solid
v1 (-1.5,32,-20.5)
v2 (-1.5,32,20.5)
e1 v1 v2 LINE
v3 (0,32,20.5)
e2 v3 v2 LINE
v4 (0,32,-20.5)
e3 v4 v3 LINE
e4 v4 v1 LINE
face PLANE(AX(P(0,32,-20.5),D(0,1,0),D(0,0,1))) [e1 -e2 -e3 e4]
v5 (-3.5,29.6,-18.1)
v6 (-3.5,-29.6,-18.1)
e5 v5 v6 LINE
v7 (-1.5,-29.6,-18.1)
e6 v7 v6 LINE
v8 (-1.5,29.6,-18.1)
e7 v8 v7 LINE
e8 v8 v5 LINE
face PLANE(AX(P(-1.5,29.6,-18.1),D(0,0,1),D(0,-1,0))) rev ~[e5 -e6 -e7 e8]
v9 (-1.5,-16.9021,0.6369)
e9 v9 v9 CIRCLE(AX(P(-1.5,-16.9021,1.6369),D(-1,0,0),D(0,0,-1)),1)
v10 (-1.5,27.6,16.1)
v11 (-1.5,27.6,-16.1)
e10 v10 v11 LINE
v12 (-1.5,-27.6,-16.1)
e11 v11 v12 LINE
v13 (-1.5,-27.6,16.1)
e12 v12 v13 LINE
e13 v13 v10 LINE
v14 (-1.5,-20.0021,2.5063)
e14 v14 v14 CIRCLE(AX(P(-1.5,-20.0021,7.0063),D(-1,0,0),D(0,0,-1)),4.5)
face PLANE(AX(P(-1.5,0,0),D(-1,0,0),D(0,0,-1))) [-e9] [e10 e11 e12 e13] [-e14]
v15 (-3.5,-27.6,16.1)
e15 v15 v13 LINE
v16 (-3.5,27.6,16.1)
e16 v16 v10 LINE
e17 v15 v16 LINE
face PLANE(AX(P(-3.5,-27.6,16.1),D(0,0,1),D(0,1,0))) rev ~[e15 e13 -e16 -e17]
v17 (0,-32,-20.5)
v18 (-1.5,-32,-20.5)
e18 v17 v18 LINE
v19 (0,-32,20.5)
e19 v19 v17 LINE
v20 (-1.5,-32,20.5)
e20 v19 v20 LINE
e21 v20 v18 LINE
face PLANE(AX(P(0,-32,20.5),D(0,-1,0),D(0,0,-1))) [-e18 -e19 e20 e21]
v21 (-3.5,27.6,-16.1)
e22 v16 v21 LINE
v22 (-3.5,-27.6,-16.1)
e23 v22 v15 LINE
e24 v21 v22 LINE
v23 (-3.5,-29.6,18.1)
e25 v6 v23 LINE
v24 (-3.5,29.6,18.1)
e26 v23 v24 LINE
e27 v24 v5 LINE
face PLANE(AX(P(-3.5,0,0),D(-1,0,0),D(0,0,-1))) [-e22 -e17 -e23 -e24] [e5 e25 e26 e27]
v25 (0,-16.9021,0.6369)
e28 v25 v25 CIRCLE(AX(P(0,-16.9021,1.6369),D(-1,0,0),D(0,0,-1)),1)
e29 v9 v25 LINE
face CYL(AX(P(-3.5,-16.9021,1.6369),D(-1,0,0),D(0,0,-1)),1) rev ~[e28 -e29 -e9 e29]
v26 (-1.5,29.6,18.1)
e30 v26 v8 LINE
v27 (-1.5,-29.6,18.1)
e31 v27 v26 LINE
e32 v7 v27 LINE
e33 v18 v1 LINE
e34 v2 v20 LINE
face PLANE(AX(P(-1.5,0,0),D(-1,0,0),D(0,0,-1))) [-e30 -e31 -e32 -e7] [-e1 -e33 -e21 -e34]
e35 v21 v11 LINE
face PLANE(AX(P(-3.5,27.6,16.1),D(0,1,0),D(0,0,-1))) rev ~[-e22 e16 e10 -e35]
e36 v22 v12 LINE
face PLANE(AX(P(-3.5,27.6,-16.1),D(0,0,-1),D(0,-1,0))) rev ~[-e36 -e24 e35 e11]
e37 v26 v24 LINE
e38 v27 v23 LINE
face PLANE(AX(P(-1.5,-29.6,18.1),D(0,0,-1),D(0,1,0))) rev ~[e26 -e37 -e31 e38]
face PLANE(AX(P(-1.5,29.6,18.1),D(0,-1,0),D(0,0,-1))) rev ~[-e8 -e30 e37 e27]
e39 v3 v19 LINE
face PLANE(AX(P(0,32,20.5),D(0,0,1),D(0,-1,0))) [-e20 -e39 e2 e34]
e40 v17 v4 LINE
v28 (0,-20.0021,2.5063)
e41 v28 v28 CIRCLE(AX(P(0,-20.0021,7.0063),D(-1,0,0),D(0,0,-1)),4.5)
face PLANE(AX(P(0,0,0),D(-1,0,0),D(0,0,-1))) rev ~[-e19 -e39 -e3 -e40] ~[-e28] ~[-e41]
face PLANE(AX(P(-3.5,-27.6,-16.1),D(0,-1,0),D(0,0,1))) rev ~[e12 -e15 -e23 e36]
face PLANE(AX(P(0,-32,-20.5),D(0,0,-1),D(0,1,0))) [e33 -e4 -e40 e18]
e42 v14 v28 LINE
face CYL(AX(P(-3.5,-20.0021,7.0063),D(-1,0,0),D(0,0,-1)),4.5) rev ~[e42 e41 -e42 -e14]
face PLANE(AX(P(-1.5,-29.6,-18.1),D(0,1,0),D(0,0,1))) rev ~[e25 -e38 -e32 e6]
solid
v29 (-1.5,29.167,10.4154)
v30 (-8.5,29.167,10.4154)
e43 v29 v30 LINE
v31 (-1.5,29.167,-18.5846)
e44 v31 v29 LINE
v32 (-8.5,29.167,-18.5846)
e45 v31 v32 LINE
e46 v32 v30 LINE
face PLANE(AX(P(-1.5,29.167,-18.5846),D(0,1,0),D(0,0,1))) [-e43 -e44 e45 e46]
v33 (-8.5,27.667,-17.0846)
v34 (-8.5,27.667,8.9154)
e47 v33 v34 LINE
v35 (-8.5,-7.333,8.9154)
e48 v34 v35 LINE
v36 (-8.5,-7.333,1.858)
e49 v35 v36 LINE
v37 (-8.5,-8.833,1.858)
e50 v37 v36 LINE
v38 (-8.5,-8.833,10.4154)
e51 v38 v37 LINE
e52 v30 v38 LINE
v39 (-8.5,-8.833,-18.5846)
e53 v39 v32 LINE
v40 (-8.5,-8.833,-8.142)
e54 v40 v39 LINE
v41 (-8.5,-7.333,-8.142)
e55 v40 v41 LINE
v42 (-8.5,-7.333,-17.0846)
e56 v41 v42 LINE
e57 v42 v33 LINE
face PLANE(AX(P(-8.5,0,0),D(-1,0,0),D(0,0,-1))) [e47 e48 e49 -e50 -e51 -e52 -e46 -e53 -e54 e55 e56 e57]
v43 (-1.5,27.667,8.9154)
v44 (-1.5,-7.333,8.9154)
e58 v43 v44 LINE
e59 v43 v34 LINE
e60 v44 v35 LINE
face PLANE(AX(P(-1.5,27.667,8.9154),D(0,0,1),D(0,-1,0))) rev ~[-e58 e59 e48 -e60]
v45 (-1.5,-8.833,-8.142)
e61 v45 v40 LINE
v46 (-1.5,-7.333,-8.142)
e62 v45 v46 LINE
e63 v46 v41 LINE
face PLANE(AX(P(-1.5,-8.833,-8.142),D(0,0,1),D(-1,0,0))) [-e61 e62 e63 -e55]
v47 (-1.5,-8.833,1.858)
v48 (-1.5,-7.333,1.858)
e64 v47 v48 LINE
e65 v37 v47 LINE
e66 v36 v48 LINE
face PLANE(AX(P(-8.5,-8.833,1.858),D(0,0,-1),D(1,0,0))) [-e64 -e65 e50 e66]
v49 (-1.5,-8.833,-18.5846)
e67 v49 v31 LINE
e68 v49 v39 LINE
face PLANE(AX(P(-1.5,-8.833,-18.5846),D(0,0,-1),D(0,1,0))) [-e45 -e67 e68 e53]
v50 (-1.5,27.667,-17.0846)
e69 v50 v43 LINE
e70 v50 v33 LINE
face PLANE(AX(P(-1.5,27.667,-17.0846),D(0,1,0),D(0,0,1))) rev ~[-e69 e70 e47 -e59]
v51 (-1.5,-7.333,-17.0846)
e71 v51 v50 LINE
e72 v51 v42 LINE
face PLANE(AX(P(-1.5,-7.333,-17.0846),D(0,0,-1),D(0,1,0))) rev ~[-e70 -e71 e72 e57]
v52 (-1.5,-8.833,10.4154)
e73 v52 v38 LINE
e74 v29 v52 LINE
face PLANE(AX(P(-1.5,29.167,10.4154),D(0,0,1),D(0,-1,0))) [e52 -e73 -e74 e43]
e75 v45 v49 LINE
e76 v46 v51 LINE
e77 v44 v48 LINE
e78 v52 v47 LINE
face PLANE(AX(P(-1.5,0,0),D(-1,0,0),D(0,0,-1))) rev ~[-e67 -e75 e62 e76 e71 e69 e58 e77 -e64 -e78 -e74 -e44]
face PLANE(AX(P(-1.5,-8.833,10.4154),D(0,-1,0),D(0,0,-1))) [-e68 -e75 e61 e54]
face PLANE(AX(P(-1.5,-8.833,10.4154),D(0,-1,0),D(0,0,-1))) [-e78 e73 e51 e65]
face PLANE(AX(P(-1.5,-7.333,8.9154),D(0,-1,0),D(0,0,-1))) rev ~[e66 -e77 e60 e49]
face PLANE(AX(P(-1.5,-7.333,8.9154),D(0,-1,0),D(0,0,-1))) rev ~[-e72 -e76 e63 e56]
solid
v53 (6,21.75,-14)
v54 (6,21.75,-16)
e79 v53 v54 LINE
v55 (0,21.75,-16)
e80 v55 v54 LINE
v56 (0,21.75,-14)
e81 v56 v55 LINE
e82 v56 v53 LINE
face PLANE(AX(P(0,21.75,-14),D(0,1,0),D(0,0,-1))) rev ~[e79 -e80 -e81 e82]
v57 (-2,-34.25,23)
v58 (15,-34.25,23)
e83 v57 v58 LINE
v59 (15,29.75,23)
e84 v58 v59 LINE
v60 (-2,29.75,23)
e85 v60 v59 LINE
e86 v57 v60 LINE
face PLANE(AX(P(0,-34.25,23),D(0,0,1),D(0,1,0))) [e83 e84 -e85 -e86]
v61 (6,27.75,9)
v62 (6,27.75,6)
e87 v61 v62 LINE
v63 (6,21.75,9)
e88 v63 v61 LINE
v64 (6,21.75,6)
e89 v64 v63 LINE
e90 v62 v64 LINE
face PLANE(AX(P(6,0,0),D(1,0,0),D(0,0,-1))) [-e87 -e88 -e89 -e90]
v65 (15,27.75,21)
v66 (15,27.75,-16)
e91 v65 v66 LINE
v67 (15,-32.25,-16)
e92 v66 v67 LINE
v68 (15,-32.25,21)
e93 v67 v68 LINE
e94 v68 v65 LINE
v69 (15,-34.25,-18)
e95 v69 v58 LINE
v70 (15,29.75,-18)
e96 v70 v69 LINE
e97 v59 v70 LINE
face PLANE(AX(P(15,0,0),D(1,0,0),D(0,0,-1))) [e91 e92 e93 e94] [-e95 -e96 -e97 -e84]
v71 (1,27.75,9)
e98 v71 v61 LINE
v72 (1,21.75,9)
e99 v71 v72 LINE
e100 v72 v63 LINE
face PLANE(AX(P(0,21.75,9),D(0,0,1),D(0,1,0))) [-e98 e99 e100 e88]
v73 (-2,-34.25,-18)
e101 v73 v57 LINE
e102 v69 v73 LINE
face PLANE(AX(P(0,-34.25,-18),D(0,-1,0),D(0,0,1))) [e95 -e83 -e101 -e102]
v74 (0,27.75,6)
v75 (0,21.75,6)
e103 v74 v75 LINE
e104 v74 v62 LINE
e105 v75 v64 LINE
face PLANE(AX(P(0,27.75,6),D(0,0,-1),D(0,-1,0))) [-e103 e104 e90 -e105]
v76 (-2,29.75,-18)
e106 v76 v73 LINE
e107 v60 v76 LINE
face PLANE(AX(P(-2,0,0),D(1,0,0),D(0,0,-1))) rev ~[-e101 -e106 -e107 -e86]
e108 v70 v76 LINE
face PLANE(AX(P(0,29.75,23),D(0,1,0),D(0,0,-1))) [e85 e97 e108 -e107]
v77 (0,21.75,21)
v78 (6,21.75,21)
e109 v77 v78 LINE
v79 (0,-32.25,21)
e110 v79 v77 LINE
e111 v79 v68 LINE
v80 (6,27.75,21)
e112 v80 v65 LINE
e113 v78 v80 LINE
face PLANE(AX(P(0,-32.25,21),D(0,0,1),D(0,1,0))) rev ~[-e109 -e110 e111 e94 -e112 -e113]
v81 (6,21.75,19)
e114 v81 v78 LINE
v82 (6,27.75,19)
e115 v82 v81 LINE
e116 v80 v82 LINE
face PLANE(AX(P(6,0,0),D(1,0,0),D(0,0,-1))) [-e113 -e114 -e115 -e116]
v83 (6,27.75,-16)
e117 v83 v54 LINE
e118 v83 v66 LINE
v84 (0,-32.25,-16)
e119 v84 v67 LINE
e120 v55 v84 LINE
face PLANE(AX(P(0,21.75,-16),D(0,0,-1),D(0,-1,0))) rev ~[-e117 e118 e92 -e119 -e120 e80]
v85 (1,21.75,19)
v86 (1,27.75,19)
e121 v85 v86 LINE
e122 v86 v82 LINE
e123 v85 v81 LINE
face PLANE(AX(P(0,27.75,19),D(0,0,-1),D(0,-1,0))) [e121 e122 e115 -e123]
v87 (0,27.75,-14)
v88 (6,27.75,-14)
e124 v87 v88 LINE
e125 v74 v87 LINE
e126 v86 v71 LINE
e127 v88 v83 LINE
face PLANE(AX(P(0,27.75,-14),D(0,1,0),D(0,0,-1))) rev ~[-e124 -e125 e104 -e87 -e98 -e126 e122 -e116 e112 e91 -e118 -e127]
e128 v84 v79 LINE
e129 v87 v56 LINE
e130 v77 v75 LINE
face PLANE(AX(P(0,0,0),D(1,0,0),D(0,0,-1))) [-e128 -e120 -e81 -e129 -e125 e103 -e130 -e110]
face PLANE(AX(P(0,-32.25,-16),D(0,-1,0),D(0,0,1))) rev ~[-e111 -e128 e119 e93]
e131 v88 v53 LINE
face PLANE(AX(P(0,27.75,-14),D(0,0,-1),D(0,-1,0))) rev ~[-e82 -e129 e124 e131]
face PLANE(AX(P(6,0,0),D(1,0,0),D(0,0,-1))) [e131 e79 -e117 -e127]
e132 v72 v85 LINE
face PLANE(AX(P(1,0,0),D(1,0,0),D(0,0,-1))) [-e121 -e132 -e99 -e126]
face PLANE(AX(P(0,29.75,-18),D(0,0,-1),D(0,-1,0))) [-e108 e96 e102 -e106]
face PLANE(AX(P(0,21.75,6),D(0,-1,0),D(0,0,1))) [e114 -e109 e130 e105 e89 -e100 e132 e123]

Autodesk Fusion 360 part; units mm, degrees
sketch "Sketch1" plane through (0, 0, 0) normal (0, 0, 1) x (1, 0, 0) in component "D1 holder"
sketch "Sketch2" plane through (0, 0, 0) normal (1, 0, 0) x (0, 0, -1) in component "D1 holder"
  line L0 (-20.5, 32) -> (20.5, 32)
  line L1 (20.5, 32) -> (20.5, -32)
  line L2 (20.5, -32) -> (-20.5, -32)
  line L3 (-20.5, -32) -> (-20.5, 32)
  line L4 (-20.5, 32) -> (20.5, -32) construction
  line L5 (20.5, 32) -> (-20.5, -32) construction
  dimension "d27" = 41
  dimension "d28" = 64
extrude "Extrude1" add sketch "Sketch2" along normal blind 1.5 makes body 1 in component "D1 holder"
sketch "Sketch3" plane through (1.5, 0, 0) normal (1, 0, 0) x (0, 0, -1) in component "D1 holder"
  line L0 (-20.5, -32) -> (20.5, -32)
  line L1 (20.5, -32) -> (20.5, 32)
  line L2 (20.5, 32) -> (-20.5, 32)
  line L3 (-20.5, 32) -> (-20.5, -32)
  line L4 (-18.1, 29.6) -> (-18.1, -29.6)
  line L5 (-18.1, -29.6) -> (18.1, -29.6)
  line L6 (18.1, -29.6) -> (18.1, 29.6)
  line L7 (18.1, 29.6) -> (-18.1, 29.6)
  dimension "d31" = 2.4
extrude "Extrude2" add sketch "Sketch3" along normal blind 2 contours L4 L5 L6 L7 bodies 1 in component "D1 holder"
sketch "Sketch4" plane through (3.5, 0, 0) normal (1, 0, 0) x (0, 0, -1) in component "D1 holder"
  line L0 (18.1, 29.6) -> (-18.1, 29.6)
  line L1 (-18.1, 29.6) -> (-18.1, -29.6)
  line L2 (-18.1, -29.6) -> (18.1, -29.6)
  line L3 (18.1, -29.6) -> (18.1, 29.6)
  line L4 (-16.1, 27.6) -> (-16.1, -27.6)
  line L5 (-16.1, -27.6) -> (16.1, -27.6)
  line L6 (16.1, -27.6) -> (16.1, 27.6)
  line L7 (16.1, 27.6) -> (-16.1, 27.6)
  dimension "d34" = 2
extrude "Extrude3" cut sketch "Sketch4" against normal blind 2 contours L4 L5 L6 L7 bodies 1 in component "D1 holder"
sketch "Sketch8" plane through (1.5, 0, 0) normal (1, 0, 0) x (0, 0, -1) in component "D1 holder"
  line L0 (18.5846, -29.167) -> (-10.4154, -29.167)
  line L1 (-10.4154, -29.167) -> (-10.4154, 8.833)
  line L2 (-10.4154, 8.833) -> (18.5846, 8.833)
  line L3 (18.5846, 8.833) -> (18.5846, -29.167)
  line L4 (17.0846, -27.667) -> (-8.9154, -27.667)
  line L5 (-8.9154, -27.667) -> (-8.9154, 7.333)
  line L6 (-8.9154, 7.333) -> (17.0846, 7.333)
  line L7 (17.0846, 7.333) -> (17.0846, -27.667)
  dimension "d39" = 29
  dimension "d40" = 38
  dimension "d41" = 1.5
extrude "Extrude4" add sketch "Sketch8" along normal blind 7 separate body makes body 2 in component "D1 holder"
sketch "Sketch9" plane through (0, 8.833, 0) normal (0, 1, 0) x (-1, 0, 0) in component "D1 holder"
  line L0 (-1.5, -18.5846) -> (-1.5, 10.4154)
  line L1 (-1.5, 10.4154) -> (-8.5, 10.4154)
  line L2 (-8.5, 10.4154) -> (-8.5, -18.5846)
  line L3 (-8.5, -18.5846) -> (-1.5, -18.5846)
  line L4 (-1.5, -8.142) -> (-8.9091, -8.142)
  line L5 (-8.9091, -8.142) -> (-8.9091, 1.858)
  line L6 (-8.9091, 1.858) -> (-1.5, 1.858)
  line L7 (-1.5, 1.858) -> (-1.5, -8.142)
  dimension "d44" = 10
extrude "Extrude5" cut sketch "Sketch9" against normal blind 1.5 contours L0 L2 L4 L6 L7 bodies 2 in component "D1 holder"
sketch "sensor hole" plane through (3.5, 0, 0) normal (1, 0, 0) x (0, 0, -1) in component "D1 holder"
  circle A0 centre (-7.0063, 20.0021) radius 4.5
  dimension "d47" = 9
extrude "Extrude6" cut sketch "sensor hole" against normal blind 26 bodies 1 in component "D1 holder"
sketch "screw hole" plane through (3.5, 0, 0) normal (1, 0, 0) x (0, 0, -1) in component "D1 holder"
  line L0 (-7.0063, 20.0021) -> (-1.6369, 16.9021)
  line L1 (-7.0063, 20.0021) -> (-1.0063, 20.0021) construction
  circle A0 centre (-1.6369, 16.9021) radius 1
  point P0 (-7.0063, 20.0021)
  dimension "d130" = 30
  dimension "d131" = 6.2
  dimension "d132" = 2
extrude "Extrude7" cut sketch "screw hole" against normal blind 4 bodies 1 in component "D1 holder"
sketch "Sketch6" plane through (0, 0, 0) normal (1, 0, 0) x (0, 0, -1) in component "BL-5C Battery box"
  line L0 (-23, 29.75) -> (18, 29.75)
  line L1 (18, 29.75) -> (18, -34.25)
  line L2 (18, -34.25) -> (-23, -34.25)
  line L3 (-23, -34.25) -> (-23, 29.75)
  point P0 (-23, 29.75)
  dimension "d107" = 41
  dimension "d108" = 64
extrude "Extrude5'" add sketch "Sketch6" against normal blind 2 separate body makes body 3 in component "BL-5C Battery box"
sketch "Sketch7" plane through (0, 0, 0) normal (1, 0, 0) x (0, 0, -1) in component "BL-5C Battery box"
  line L0 (-23, 29.75) -> (18, 29.75)
  line L1 (18, 29.75) -> (18, -34.25)
  line L2 (18, -34.25) -> (-23, -34.25)
  line L3 (-23, -34.25) -> (-23, 29.75)
  line L4 (16, 27.75) -> (16, -32.25)
  line L5 (16, -32.25) -> (-21, -32.25)
  line L6 (-21, -32.25) -> (-21, 27.75)
  line L7 (-21, 27.75) -> (16, 27.75)
  line L8 (16, 27.75) -> (14, 27.75)
  line L9 (14, 27.75) -> (14, 21.75)
  line L10 (14, 21.75) -> (16, 21.75)
  line L11 (16, 21.75) -> (16, 27.75)
  point P0 (-23, 29.75)
  point P1 (18, -34.25)
  dimension "d111" = 2
  dimension "d126" = 2
  dimension "d127" = 6
extrude "Extrude10" add sketch "Sketch7" along normal blind 6 contours L4 L7 L8 L9 L10 L11 bodies 3 in component "BL-5C Battery box"
extrude "Extrude6'" add sketch "Sketch7" along normal blind 15 bodies 3 in component "BL-5C Battery box"
sketch "Sketch8 (2)" plane through (0, 0, 0) normal (1, 0, 0) x (0, 0, -1) in component "BL-5C Battery box"
  line L0 (-21, 27.75) -> (-19, 27.75)
  line L1 (-19, 27.75) -> (-19, 21.75)
  line L2 (-19, 21.75) -> (-21, 21.75)
  line L3 (-21, 21.75) -> (-21, 27.75)
  point P0 (-21, 27.75)
  dimension "d114" = 6
  dimension "d115" = 2
extrude "Extrude7'" add sketch "Sketch8 (2)" along normal blind 6 bodies 3 in component "BL-5C Battery box"
sketch "Sketch9 (2)" plane through (0, 0, 0) normal (1, 0, 0) x (0, 0, -1) in component "BL-5C Battery box"
  line L0 (-19, 27.75) -> (-9, 27.75)
  line L1 (-9, 27.75) -> (-9, 21.75)
  line L2 (-9, 21.75) -> (-19, 21.75)
  line L3 (-19, 21.75) -> (-19, 27.75)
  point P0 (-19, 27.75)
  dimension "d118" = 6
  dimension "d119" = 10
extrude "Extrude8" add sketch "Sketch9 (2)" along normal blind 1 bodies 3 in component "BL-5C Battery box"
sketch "Sketch10" plane through (0, 0, 0) normal (1, 0, 0) x (0, 0, -1) in component "BL-5C Battery box"
  line L0 (-9, 27.75) -> (-6, 27.75)
  line L1 (-6, 27.75) -> (-6, 21.75)
  line L2 (-6, 21.75) -> (-9, 21.75)
  line L3 (-9, 21.75) -> (-9, 27.75)
  point P0 (-9, 27.75)
  dimension "d122" = 3
  dimension "d123" = 6
extrude "Extrude9" add sketch "Sketch10" along normal blind 6 bodies 3 in component "BL-5C Battery box"
component "D1 holder" placed x (-1, 0, 0) y (0, -1, 0) z (0, 0, 1) at (0, 0, 0)
component "BL-5C Battery box" placed x (1, 0, 0) y (0, 1, 0) z (0, 0, 1) at (0, 0, 0)
